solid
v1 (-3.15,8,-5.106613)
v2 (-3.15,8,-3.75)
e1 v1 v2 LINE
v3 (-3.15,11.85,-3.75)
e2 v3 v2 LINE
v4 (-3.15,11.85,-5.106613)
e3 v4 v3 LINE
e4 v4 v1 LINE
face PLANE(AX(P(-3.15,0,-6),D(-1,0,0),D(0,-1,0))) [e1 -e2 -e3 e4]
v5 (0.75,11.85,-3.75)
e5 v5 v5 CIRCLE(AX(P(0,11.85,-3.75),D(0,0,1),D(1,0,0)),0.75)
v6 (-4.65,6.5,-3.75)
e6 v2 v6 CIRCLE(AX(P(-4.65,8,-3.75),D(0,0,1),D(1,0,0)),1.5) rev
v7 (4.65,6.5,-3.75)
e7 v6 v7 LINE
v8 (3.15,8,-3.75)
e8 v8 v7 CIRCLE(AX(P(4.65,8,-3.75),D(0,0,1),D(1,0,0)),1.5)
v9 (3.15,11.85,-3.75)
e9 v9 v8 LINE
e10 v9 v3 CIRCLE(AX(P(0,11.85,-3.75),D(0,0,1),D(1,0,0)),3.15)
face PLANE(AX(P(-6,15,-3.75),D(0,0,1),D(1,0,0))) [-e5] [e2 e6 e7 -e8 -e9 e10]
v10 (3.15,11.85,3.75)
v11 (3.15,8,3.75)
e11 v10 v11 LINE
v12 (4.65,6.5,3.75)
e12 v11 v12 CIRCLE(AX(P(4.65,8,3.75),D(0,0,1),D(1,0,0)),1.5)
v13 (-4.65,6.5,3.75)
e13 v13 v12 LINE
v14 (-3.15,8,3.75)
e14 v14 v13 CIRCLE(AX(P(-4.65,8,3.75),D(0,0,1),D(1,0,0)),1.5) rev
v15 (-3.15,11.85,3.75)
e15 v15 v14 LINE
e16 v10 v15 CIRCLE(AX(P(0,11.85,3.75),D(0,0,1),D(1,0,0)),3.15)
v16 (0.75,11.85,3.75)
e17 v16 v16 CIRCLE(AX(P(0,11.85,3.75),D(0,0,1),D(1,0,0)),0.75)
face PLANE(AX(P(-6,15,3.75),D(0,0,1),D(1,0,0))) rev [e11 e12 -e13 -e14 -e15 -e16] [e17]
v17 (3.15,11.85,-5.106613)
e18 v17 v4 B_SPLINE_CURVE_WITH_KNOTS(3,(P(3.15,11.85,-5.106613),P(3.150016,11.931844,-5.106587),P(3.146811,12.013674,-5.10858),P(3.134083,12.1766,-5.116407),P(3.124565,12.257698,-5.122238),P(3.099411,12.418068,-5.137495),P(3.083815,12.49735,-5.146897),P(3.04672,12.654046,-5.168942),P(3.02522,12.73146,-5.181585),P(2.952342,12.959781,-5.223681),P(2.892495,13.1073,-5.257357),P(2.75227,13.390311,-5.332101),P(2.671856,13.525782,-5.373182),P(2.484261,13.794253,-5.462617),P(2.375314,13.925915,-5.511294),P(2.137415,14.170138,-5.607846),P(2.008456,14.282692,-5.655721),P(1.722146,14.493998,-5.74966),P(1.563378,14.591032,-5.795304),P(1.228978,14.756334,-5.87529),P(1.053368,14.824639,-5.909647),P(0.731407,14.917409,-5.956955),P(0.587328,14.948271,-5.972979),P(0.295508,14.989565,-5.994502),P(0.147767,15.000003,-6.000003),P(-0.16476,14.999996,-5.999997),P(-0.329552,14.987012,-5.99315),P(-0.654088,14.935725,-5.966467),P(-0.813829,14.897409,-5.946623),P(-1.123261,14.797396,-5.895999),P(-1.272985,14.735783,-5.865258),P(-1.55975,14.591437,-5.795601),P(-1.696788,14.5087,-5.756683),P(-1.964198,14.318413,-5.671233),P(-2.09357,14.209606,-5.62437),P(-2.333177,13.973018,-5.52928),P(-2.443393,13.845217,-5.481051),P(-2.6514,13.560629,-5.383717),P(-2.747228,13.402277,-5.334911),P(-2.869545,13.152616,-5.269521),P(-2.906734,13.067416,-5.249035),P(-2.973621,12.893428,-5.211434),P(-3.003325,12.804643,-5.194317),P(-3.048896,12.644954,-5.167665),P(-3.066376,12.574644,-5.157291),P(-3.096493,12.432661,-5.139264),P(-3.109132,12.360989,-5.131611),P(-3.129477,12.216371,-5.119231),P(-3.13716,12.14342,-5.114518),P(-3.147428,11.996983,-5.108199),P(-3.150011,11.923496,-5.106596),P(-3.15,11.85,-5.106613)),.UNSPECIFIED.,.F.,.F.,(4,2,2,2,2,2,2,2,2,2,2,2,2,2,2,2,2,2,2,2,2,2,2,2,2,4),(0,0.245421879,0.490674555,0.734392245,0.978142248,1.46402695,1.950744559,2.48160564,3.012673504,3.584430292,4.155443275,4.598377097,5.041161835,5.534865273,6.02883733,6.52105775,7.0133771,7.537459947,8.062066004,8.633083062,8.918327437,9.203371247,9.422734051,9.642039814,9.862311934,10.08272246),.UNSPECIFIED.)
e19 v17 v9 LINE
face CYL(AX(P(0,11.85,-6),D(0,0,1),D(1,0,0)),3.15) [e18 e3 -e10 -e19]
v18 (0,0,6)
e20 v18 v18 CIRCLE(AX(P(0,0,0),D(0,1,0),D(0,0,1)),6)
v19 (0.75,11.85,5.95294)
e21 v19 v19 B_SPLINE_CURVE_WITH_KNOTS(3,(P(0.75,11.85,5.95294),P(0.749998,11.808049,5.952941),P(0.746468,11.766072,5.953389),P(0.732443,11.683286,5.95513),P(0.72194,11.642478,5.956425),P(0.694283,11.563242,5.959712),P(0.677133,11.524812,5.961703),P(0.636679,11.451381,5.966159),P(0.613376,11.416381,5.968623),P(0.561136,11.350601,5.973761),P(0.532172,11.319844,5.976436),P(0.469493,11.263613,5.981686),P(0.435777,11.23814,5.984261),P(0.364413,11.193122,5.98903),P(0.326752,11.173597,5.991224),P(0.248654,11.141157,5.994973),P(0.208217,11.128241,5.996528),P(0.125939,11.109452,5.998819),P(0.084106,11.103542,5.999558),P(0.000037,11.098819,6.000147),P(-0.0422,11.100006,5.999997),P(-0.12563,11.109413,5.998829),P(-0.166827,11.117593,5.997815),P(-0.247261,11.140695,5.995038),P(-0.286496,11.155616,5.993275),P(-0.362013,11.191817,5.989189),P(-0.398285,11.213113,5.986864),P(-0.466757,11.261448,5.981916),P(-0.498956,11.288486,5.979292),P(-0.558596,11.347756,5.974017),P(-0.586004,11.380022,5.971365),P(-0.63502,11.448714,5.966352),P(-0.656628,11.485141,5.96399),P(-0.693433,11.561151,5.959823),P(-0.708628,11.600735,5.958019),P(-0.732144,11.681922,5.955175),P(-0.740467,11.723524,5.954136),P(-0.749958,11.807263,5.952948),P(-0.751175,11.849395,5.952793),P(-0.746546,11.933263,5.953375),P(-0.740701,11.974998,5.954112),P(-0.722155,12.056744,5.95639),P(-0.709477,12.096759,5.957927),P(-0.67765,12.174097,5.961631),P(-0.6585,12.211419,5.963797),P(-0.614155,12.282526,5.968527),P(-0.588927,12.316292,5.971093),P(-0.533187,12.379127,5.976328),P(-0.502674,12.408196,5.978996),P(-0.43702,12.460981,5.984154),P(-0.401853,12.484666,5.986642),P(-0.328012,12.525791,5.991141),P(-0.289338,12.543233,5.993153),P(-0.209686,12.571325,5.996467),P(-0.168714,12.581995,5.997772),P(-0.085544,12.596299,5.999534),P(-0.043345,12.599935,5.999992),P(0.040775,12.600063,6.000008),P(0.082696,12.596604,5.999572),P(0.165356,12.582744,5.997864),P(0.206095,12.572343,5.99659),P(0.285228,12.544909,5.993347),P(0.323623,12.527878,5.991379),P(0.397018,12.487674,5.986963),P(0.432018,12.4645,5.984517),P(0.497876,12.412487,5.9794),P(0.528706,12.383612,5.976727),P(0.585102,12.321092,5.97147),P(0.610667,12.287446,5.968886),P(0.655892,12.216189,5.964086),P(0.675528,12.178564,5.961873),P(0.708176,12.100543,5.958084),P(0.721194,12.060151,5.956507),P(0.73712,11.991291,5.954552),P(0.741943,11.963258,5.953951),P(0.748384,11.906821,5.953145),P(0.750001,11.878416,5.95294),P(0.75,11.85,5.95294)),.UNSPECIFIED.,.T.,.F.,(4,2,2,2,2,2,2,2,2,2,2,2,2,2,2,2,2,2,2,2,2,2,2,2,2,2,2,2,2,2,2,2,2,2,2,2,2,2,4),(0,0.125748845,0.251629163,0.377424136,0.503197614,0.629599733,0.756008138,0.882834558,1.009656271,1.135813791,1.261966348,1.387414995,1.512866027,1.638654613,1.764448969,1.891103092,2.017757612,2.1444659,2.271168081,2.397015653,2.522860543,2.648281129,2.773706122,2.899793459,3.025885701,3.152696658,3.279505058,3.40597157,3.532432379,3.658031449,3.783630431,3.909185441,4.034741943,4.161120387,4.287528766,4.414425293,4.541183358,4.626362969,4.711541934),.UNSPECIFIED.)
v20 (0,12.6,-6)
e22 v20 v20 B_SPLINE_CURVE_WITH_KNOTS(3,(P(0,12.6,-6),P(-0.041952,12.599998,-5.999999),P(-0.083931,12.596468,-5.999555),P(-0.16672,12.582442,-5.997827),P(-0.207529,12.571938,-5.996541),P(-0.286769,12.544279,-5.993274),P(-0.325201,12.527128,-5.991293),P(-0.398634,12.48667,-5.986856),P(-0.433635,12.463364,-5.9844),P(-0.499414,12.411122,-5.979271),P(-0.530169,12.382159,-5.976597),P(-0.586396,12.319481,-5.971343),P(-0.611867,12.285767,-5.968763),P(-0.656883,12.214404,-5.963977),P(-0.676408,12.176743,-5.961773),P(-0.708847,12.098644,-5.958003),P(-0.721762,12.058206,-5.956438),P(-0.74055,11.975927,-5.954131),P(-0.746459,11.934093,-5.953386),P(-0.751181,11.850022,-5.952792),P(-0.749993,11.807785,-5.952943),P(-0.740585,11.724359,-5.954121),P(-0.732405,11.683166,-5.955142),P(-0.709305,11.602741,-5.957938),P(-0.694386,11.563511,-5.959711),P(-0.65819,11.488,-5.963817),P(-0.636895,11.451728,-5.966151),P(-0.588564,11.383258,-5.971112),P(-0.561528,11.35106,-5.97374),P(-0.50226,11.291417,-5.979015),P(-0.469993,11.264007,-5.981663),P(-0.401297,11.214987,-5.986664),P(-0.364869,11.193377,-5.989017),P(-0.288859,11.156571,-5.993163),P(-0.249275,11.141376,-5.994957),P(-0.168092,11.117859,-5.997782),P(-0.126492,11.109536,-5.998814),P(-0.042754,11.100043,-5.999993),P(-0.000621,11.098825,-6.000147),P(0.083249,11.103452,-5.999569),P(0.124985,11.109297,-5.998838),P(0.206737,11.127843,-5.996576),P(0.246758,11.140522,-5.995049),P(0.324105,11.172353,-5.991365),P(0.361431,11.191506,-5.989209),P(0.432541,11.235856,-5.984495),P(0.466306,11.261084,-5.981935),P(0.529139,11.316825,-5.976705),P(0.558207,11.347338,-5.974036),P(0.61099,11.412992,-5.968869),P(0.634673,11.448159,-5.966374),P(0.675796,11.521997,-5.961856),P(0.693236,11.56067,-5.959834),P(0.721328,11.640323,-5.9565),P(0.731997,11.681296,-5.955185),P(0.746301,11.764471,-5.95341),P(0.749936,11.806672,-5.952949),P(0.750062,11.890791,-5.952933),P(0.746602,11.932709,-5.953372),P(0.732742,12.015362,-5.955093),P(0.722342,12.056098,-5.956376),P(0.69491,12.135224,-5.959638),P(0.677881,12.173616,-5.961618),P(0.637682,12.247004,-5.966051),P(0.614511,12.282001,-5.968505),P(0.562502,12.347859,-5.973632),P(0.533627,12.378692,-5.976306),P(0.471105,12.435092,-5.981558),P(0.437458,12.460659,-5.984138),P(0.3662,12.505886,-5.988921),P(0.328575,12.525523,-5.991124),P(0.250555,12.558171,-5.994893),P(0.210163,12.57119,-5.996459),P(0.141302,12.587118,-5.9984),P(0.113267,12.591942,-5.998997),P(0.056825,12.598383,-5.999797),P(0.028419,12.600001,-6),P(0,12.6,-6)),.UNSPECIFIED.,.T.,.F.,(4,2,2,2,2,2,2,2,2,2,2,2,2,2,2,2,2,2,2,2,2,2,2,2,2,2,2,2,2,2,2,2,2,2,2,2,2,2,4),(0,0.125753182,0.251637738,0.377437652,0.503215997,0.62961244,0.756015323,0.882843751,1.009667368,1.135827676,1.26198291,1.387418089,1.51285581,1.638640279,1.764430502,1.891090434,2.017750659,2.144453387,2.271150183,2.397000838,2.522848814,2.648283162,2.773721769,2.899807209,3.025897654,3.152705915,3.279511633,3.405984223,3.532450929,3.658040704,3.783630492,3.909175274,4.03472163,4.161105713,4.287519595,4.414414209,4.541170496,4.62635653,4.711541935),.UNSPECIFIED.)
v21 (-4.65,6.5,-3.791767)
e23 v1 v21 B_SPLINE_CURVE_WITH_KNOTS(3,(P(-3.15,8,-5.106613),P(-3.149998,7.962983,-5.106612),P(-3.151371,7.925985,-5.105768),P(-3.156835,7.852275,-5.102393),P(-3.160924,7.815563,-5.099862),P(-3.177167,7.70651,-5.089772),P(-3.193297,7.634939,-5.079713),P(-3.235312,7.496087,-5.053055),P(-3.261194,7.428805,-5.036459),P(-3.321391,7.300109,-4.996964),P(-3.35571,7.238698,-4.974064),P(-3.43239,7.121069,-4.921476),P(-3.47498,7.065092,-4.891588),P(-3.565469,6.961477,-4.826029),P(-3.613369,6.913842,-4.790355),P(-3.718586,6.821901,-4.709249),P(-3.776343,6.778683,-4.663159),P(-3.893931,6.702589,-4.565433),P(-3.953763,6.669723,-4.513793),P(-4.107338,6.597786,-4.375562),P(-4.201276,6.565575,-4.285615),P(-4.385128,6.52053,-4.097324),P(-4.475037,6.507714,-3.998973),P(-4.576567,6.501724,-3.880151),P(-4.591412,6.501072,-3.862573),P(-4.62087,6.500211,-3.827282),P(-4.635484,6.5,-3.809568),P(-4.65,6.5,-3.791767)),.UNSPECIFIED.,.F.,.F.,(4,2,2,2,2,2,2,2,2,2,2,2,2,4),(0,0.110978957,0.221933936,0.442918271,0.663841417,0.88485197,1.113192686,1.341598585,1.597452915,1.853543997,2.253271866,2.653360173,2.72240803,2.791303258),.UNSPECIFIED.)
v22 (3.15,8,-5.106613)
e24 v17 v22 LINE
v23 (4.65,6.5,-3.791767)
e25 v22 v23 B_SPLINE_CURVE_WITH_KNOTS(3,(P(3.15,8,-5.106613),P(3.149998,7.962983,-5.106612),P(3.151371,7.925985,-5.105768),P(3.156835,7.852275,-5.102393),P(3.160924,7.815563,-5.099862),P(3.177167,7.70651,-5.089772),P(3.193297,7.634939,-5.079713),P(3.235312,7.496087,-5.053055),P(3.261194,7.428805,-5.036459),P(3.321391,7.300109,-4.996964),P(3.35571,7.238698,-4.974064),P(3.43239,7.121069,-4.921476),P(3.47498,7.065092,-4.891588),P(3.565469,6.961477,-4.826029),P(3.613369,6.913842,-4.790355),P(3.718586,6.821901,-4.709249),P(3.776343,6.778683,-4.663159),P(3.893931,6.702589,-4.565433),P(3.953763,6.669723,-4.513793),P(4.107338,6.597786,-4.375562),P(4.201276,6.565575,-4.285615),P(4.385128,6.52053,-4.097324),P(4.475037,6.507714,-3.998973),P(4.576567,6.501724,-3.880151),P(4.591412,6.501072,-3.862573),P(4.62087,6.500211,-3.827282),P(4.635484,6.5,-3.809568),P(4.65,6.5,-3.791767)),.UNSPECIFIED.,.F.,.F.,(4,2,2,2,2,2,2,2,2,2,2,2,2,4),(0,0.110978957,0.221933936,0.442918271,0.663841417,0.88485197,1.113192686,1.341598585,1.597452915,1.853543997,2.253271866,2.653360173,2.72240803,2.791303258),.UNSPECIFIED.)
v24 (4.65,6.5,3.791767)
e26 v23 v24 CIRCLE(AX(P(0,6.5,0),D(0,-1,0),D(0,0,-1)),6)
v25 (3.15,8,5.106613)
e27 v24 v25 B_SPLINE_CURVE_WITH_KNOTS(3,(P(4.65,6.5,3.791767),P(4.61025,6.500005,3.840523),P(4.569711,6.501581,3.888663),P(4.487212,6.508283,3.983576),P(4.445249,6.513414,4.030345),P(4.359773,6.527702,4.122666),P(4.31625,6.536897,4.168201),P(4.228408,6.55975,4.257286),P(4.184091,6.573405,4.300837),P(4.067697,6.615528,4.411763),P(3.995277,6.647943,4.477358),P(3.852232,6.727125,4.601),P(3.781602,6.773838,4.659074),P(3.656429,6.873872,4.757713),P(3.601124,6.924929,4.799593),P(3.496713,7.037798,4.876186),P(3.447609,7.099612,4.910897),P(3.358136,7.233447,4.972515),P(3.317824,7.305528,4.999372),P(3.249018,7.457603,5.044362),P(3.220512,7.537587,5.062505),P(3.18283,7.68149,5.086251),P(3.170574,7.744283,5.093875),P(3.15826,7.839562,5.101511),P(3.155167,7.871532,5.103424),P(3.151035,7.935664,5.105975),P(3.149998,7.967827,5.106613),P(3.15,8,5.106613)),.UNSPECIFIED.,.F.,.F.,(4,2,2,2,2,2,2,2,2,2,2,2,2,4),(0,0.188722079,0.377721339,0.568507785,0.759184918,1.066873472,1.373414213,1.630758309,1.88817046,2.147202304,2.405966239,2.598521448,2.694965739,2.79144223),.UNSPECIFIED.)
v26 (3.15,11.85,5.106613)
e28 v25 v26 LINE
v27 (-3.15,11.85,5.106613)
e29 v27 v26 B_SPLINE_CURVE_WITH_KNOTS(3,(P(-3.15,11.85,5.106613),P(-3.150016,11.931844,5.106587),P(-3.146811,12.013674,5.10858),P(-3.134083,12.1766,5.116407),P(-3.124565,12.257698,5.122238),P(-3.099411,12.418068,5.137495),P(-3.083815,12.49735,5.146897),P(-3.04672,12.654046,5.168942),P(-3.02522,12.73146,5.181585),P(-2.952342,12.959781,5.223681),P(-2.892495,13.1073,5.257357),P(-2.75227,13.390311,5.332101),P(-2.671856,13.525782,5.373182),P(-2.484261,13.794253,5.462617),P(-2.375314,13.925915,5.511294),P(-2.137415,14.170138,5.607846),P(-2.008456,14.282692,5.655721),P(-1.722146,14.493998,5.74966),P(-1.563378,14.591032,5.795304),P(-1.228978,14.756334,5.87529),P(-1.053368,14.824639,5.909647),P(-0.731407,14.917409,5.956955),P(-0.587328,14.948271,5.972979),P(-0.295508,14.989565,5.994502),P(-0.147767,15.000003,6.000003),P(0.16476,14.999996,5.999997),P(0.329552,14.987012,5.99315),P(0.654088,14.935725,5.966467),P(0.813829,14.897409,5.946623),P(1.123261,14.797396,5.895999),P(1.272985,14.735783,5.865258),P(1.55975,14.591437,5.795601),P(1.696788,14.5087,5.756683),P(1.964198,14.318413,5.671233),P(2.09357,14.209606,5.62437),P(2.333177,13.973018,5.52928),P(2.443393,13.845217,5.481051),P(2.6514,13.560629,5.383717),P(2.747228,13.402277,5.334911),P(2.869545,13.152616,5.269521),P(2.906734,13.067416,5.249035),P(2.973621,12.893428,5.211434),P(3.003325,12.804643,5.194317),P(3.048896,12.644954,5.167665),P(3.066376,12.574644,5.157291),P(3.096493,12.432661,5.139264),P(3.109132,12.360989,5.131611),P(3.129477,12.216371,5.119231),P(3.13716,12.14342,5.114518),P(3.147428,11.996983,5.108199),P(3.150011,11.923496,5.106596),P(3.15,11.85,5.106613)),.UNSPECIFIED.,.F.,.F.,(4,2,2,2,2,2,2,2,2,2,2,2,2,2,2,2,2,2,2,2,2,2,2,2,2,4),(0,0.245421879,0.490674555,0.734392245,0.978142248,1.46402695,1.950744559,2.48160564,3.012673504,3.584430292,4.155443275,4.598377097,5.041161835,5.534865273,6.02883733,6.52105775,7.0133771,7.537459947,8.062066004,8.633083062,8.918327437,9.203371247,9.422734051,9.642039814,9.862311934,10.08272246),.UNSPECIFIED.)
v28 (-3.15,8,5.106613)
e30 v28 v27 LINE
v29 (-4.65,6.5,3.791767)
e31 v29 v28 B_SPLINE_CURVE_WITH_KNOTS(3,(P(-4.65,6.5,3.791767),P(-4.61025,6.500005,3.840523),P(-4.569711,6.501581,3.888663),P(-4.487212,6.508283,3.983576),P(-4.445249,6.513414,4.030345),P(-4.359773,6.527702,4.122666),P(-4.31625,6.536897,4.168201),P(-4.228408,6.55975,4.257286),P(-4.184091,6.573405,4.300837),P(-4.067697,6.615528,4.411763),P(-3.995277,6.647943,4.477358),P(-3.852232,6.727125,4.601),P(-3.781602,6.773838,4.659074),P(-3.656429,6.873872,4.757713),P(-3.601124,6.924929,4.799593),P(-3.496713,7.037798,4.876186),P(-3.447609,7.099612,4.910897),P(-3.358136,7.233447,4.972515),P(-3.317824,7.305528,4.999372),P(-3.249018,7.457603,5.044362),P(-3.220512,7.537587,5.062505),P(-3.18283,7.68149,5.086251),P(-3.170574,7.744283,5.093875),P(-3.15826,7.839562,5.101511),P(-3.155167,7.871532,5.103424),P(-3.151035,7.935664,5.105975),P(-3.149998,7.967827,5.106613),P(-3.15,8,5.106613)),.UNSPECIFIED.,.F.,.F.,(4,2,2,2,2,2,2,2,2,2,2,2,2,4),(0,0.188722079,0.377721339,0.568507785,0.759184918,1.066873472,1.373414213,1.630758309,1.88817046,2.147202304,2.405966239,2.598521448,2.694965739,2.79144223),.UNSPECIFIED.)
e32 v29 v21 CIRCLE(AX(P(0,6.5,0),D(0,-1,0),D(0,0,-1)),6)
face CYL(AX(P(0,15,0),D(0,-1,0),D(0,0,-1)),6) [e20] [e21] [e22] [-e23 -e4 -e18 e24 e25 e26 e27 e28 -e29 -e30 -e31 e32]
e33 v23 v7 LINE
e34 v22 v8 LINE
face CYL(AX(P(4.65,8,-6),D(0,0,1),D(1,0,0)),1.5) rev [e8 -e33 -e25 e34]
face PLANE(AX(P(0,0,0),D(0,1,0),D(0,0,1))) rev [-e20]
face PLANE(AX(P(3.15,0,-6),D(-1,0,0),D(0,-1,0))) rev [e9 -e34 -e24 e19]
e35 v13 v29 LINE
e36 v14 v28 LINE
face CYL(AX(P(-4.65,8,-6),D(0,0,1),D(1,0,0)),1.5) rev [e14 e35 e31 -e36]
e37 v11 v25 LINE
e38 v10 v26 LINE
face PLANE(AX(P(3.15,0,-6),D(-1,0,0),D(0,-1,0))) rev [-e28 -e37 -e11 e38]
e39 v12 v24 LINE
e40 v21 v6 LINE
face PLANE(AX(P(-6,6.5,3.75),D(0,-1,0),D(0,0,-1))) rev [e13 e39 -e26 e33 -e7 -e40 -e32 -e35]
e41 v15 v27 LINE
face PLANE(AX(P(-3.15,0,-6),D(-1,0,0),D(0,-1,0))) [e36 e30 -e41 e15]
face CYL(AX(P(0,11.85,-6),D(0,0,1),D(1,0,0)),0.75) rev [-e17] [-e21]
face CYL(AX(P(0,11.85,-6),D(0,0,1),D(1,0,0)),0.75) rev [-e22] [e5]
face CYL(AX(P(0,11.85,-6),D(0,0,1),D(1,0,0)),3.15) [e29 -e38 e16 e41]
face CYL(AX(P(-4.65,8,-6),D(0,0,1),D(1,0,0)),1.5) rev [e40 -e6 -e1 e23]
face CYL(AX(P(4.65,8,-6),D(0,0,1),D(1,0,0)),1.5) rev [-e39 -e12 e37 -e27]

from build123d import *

# Parameters (mm, degrees)
SKETCH1_R               = 6
BOSS_EXTRUDE1_DEPTH     = 15
CUT_EXTRUDE1_DEPTH      = 18.23368794
CUT_EXTRUDE1_DEPTH_BACK = 18.23368794
SKETCH2_W               = 7.5
SKETCH2_H               = 8.5
CUT_EXTRUDE2_DEPTH      = 18.23368794
CUT_EXTRUDE2_DEPTH_BACK = 18.23368794
SKETCH3_R               = 0.75


with BuildPart() as part:
    # Sketch1 → Boss-Extrude1 (new body)
    with BuildSketch(Plane(origin=(0, 0, 0), x_dir=(1, 0, 0), z_dir=(0, 1, 0))):
        with Locations(Location((0, 0, 0), (0, 0, 270))):
            Circle(SKETCH1_R)
    extrude(amount=BOSS_EXTRUDE1_DEPTH)

    # Sketch2 → Cut-Extrude1 (cut, two sides: drawn at the far end of the back side and taken through both)
    with BuildSketch(Plane(origin=(0, 0, 0), x_dir=(0, 0, -1), z_dir=(1, 0, 0)).offset(-CUT_EXTRUDE1_DEPTH_BACK)):
        with Locations((0, 10.75)):
            Rectangle(SKETCH2_W, SKETCH2_H)
    extrude(amount=CUT_EXTRUDE1_DEPTH + CUT_EXTRUDE1_DEPTH_BACK, mode=Mode.SUBTRACT)

    # Sketch3 → Cut-Extrude2 (cut, two sides: drawn at the far end of the back side and taken through both)
    with BuildSketch(Plane.XY.offset(-CUT_EXTRUDE2_DEPTH_BACK)):
        with BuildLine():
            Line((-3.15, 8), (-3.15, 11.85))
            ThreePointArc((-3.15, 11.85), (-2.227386361, 14.077386361), (0, 15))
            Line((0, 15), (-4.683748499, 15))
            Line((-4.683748499, 15), (-4.683748499, 6.5))
            Line((-4.683748499, 6.5), (-4.65, 6.5))
            ThreePointArc((-4.65, 6.5), (-3.589339828, 6.939339828), (-3.15, 8))
        make_face()
        with BuildLine():
            Line((4.683748499, 15), (0, 15))
            ThreePointArc((0, 15), (2.227386361, 14.077386361), (3.15, 11.85))
            Line((3.15, 11.85), (3.15, 8))
            ThreePointArc((3.15, 8), (3.589339828, 6.939339828), (4.65, 6.5))
            Line((4.65, 6.5), (4.683748499, 6.5))
            Line((4.683748499, 6.5), (4.683748499, 15))
        make_face()
        with Locations((0, 11.85)):
            Circle(SKETCH3_R)
    extrude(amount=CUT_EXTRUDE2_DEPTH + CUT_EXTRUDE2_DEPTH_BACK, mode=Mode.SUBTRACT)


solid = part.part
